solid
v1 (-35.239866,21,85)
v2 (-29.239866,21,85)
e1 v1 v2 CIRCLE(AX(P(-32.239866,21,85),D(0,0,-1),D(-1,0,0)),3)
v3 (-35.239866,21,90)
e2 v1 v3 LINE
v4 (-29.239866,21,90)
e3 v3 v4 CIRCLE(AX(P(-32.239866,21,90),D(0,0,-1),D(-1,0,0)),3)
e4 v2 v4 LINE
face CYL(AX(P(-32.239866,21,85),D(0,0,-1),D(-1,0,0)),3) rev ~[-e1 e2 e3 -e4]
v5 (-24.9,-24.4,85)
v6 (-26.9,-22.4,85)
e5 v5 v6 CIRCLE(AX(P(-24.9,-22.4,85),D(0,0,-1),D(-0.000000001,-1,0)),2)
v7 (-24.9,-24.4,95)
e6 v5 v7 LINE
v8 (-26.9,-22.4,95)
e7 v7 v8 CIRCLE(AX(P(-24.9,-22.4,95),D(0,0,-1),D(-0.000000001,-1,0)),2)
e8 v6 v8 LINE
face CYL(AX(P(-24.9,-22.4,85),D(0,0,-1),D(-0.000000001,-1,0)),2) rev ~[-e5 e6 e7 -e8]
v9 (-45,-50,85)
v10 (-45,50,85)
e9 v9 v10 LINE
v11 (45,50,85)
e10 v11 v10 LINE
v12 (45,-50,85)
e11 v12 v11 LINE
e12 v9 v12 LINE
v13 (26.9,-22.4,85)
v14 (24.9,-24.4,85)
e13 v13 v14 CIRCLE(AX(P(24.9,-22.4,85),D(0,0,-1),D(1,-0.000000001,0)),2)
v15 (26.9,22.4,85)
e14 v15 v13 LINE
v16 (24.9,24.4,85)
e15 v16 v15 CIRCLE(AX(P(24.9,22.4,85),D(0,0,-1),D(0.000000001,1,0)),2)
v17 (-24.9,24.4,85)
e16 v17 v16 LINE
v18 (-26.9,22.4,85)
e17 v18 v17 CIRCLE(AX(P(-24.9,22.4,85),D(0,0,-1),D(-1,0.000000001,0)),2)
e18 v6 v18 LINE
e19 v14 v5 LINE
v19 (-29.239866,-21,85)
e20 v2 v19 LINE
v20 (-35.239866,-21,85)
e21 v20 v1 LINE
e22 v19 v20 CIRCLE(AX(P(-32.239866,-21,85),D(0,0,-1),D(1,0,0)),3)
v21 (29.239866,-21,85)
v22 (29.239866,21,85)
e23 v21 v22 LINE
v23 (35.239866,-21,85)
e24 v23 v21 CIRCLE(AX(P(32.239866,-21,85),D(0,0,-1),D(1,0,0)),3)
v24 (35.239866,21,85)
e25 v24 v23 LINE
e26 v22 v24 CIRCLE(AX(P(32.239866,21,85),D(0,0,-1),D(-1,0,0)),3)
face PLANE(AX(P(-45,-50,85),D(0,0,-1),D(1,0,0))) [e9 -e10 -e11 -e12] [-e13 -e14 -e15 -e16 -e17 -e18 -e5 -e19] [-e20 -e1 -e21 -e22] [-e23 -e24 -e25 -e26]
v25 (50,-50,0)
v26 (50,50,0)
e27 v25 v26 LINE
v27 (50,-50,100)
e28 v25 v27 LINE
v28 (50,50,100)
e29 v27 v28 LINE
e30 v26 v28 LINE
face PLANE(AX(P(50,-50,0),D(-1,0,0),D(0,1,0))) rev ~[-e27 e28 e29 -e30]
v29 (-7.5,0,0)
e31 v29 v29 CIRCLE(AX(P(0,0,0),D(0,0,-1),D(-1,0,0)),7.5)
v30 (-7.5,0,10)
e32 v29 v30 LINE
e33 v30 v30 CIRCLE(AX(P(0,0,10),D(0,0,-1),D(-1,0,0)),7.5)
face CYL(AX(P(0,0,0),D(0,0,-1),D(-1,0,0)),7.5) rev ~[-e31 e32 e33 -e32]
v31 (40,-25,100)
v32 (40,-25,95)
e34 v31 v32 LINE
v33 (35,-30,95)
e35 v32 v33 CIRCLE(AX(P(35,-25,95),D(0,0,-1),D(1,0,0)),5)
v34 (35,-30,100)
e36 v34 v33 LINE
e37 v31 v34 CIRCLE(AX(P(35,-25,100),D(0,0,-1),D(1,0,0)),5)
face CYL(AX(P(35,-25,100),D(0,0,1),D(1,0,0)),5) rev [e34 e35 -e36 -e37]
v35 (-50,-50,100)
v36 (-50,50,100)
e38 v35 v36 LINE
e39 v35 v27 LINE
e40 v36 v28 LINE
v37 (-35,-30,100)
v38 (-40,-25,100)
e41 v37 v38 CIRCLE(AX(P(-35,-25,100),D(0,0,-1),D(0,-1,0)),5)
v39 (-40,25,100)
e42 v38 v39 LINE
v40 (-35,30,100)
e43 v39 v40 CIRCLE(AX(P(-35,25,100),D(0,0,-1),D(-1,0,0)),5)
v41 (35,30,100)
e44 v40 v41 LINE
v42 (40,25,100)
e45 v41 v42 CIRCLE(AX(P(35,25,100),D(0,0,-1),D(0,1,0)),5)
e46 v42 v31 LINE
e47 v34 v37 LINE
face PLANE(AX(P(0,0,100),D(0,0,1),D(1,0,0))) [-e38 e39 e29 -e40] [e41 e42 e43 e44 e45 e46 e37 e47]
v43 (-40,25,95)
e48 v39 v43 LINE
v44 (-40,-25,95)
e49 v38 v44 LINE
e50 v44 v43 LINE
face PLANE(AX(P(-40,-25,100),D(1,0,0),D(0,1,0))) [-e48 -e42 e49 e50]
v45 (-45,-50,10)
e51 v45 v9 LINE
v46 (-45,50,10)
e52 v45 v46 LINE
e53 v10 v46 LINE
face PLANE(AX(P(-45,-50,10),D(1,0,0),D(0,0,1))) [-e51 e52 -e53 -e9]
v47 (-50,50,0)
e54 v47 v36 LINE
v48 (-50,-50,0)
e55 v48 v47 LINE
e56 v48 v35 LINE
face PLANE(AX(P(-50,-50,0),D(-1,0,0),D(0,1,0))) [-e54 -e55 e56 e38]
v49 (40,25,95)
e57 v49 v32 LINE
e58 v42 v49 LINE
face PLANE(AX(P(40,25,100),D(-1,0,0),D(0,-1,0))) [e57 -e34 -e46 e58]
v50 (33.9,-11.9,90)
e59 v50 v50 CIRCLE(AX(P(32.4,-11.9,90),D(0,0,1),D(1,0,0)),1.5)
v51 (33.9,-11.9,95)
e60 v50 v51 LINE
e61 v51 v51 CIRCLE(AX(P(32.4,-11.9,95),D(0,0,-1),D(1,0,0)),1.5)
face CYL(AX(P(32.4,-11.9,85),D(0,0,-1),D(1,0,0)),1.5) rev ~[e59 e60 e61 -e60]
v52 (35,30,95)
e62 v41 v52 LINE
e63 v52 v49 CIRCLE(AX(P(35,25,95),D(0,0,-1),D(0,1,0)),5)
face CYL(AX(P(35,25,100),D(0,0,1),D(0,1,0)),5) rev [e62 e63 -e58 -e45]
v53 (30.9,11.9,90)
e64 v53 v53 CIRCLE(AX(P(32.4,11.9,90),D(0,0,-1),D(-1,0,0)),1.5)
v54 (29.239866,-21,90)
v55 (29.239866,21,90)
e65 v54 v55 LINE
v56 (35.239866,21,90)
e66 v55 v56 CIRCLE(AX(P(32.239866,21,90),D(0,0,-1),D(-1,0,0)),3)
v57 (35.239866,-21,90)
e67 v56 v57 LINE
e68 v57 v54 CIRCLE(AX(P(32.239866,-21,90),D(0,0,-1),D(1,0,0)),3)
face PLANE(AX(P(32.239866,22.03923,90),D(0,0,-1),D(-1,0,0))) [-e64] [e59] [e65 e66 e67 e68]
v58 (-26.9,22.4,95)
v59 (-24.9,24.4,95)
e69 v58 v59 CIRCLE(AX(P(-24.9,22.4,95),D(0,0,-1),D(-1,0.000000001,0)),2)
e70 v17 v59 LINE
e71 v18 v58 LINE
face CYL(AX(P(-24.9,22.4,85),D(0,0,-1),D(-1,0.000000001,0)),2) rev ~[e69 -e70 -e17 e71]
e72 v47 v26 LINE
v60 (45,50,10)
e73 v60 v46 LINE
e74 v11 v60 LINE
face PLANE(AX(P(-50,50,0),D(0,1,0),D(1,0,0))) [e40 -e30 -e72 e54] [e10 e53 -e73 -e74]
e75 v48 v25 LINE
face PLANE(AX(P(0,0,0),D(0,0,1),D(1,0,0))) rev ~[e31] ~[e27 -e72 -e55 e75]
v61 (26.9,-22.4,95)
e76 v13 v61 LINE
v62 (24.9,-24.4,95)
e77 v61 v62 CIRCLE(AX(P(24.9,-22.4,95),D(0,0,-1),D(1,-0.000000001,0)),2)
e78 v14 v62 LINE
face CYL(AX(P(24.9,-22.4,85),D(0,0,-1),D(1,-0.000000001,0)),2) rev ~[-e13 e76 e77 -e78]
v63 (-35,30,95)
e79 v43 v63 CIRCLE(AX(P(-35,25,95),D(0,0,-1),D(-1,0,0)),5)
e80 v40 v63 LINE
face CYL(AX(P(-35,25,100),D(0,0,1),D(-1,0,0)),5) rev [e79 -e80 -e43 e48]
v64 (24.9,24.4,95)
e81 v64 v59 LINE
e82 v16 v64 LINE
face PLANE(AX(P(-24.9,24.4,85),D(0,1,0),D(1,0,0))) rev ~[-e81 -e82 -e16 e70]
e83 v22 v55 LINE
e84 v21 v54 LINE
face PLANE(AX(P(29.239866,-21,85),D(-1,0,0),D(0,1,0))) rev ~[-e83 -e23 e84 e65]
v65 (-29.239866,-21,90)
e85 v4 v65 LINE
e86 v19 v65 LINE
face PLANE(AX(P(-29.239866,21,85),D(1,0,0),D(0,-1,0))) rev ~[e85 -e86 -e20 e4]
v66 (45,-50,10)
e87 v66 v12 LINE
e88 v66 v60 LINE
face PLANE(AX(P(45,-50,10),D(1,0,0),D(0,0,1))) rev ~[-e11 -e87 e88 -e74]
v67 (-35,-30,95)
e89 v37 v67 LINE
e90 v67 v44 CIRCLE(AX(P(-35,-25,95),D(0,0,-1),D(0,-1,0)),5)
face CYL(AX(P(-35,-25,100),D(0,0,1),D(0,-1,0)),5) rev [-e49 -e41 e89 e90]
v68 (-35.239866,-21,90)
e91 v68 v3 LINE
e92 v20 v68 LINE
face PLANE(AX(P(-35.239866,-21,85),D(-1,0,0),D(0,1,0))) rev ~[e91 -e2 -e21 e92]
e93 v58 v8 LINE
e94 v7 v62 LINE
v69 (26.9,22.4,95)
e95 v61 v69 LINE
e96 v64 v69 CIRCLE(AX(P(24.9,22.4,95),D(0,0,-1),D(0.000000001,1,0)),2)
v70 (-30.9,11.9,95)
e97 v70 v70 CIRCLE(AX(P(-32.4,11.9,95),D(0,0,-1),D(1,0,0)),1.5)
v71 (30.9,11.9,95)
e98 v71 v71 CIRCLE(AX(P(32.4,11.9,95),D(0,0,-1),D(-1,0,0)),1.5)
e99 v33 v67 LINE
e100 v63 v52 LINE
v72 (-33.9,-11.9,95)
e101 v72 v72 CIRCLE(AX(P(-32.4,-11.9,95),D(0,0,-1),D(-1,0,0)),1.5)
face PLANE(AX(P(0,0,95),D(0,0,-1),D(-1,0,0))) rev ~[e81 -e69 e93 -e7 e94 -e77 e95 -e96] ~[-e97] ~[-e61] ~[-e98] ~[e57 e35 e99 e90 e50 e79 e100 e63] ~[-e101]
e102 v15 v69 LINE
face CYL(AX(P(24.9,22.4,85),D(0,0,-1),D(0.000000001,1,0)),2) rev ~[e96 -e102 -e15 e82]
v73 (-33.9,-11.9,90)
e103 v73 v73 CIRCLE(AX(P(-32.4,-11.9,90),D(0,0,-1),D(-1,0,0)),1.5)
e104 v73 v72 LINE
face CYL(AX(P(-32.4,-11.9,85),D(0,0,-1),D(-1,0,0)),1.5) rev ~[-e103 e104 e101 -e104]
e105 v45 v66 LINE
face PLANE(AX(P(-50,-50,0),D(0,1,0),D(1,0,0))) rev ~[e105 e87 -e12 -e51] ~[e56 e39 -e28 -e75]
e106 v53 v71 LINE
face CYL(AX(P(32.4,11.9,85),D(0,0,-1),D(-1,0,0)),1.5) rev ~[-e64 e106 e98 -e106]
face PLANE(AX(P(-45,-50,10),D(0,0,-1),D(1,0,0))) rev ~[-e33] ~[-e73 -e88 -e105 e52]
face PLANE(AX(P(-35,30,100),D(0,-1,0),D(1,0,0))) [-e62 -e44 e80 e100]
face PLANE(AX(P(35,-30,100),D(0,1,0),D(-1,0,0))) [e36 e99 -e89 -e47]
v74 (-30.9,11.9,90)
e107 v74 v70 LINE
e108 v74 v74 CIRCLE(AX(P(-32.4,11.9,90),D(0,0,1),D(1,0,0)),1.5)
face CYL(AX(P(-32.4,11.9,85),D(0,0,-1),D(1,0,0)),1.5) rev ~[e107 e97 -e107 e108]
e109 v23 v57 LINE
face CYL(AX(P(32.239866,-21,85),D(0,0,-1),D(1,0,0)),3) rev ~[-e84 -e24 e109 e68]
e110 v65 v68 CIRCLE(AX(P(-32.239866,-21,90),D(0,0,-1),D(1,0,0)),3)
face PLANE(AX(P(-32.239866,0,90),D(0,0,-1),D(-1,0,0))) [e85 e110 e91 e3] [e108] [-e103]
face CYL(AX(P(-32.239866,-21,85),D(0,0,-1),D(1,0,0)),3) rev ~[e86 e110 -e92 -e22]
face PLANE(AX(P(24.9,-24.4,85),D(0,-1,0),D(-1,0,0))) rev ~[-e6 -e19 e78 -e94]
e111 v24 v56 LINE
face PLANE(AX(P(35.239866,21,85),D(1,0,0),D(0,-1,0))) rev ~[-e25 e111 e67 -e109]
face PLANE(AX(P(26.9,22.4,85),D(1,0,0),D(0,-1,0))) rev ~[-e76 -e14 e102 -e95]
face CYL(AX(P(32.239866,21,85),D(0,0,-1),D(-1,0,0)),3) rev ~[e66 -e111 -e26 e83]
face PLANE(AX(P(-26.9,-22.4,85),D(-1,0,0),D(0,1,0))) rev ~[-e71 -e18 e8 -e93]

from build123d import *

# Parameters (mm, degrees)
SKETCH_1_W          = 100
SKETCH_1_H          = 100
EXTRUDE_1_DEPTH     = 100
SKETCH_2_W          = 90
SKETCH_2_H          = 75
CUT_EXTRUDE_1_DEPTH = 151
CUT_EXTRUDE_2_REACH = 124.474
SKETCH_3_R          = 7.5
CUT_EXTRUDE_3_REACH = 112.567
SKETCH_4_R          = 1.5
CUT_EXTRUDE_4_DEPTH = 5
SKETCH_6_R          = 1.5
CUT_EXTRUDE_5_DEPTH = 5


with BuildPart() as part:
    # 草圖1 → 填料-伸長1 (new body)
    with BuildSketch(Plane.XY):
        Rectangle(SKETCH_1_W, SKETCH_1_H)
    extrude(amount=EXTRUDE_1_DEPTH)

    # 草圖2 → 除料-伸長1 (cut, through all)
    with BuildSketch(Plane.XZ.offset(50)):
        with Locations((0, 47.5)):
            Rectangle(SKETCH_2_W, SKETCH_2_H)
    extrude(amount=-CUT_EXTRUDE_1_DEPTH, mode=Mode.SUBTRACT)

    # 草圖3 → 除料-伸長2 (cut, up to next)
    with BuildSketch(Plane(origin=(0, 0, 0), x_dir=(-1, 0, 0), z_dir=(0, 0, -1)), mode=Mode.PRIVATE) as cut_extrude_2_sk1:
        Circle(SKETCH_3_R)
    cut_extrude_2_tool1 = extrude(cut_extrude_2_sk1.sketch, amount=-CUT_EXTRUDE_2_REACH, mode=Mode.PRIVATE) & part.part
    add(cut_extrude_2_tool1.solids().sort_by_distance((0, 0, 0))[0], mode=Mode.SUBTRACT)

    # 草圖4 → 除料-伸長3 (cut, up to next)
    with BuildSketch(Plane(origin=(0, 0, 85), x_dir=(-1, 0, 0), z_dir=(0, 0, -1)), mode=Mode.PRIVATE) as cut_extrude_3_sk1:
        with Locations((-32.4, 11.9)):
            Circle(SKETCH_4_R)
    cut_extrude_3_tool1 = extrude(cut_extrude_3_sk1.sketch, amount=-CUT_EXTRUDE_3_REACH, mode=Mode.PRIVATE) & part.part
    # 草圖4 → 除料-伸長3 (cut, up to next)
    with BuildSketch(Plane(origin=(0, 0, 85), x_dir=(-1, 0, 0), z_dir=(0, 0, -1)), mode=Mode.PRIVATE) as cut_extrude_3_sk2:
        with Locations(Location((32.4, 11.9, 0), (0, 0, 180))):
            Circle(SKETCH_4_R)
    cut_extrude_3_tool2 = extrude(cut_extrude_3_sk2.sketch, amount=-CUT_EXTRUDE_3_REACH, mode=Mode.PRIVATE) & part.part
    # 草圖4 → 除料-伸長3 (cut, up to next)
    with BuildSketch(Plane(origin=(0, 0, 85), x_dir=(-1, 0, 0), z_dir=(0, 0, -1)), mode=Mode.PRIVATE) as cut_extrude_3_sk3:
        with Locations((32.4, -11.9)):
            Circle(SKETCH_4_R)
    cut_extrude_3_tool3 = extrude(cut_extrude_3_sk3.sketch, amount=-CUT_EXTRUDE_3_REACH, mode=Mode.PRIVATE) & part.part
    # 草圖4 → 除料-伸長3 (cut, up to next)
    with BuildSketch(Plane(origin=(0, 0, 85), x_dir=(-1, 0, 0), z_dir=(0, 0, -1)), mode=Mode.PRIVATE) as cut_extrude_3_sk4:
        with Locations(Location((-32.4, -11.9, 0), (0, 0, 180))):
            Circle(SKETCH_4_R)
    cut_extrude_3_tool4 = extrude(cut_extrude_3_sk4.sketch, amount=-CUT_EXTRUDE_3_REACH, mode=Mode.PRIVATE) & part.part
    # 草圖4 → 除料-伸長3 (cut, up to next)
    with BuildSketch(Plane(origin=(0, 0, 85), x_dir=(-1, 0, 0), z_dir=(0, 0, -1)), mode=Mode.PRIVATE) as cut_extrude_3_sk5:
        with BuildLine():
            Line((24.9, 24.4), (-24.9, 24.4))
            ThreePointArc((-24.9, 24.4), (-26.314213562, 23.814213562), (-26.9, 22.4))
            Line((-26.9, 22.4), (-26.9, -22.4))
            ThreePointArc((-26.9, -22.4), (-26.314213562, -23.814213562), (-24.9, -24.4))
            Line((-24.9, -24.4), (24.9, -24.4))
            ThreePointArc((24.9, -24.4), (26.314213562, -23.814213562), (26.9, -22.4))
            Line((26.9, -22.4), (26.9, 22.4))
            ThreePointArc((26.9, 22.4), (26.314213562, 23.814213562), (24.9, 24.4))
        make_face()
    cut_extrude_3_tool5 = extrude(cut_extrude_3_sk5.sketch, amount=-CUT_EXTRUDE_3_REACH, mode=Mode.PRIVATE) & part.part
    add(cut_extrude_3_tool1.solids().sort_by_distance((32.4, 11.9, 85))[0], mode=Mode.SUBTRACT)
    add(cut_extrude_3_tool2.solids().sort_by_distance((-32.4, 11.9, 85))[0], mode=Mode.SUBTRACT)
    add(cut_extrude_3_tool3.solids().sort_by_distance((-32.4, -11.9, 85))[0], mode=Mode.SUBTRACT)
    add(cut_extrude_3_tool4.solids().sort_by_distance((32.4, -11.9, 85))[0], mode=Mode.SUBTRACT)
    add(cut_extrude_3_tool5.solids().sort_by_distance((0, 0, 85))[0], mode=Mode.SUBTRACT)

    # 草圖5 → 除料-伸長4 (cut)
    with BuildSketch(Plane.XY.offset(100)):
        with BuildLine():
            Line((-35, 30), (35, 30))
            ThreePointArc((35, 30), (38.535533906, 28.535533906), (40, 25))
            Line((40, 25), (40, -25))
            ThreePointArc((40, -25), (38.535533906, -28.535533906), (35, -30))
            Line((35, -30), (-35, -30))
            ThreePointArc((-35, -30), (-38.535533906, -28.535533906), (-40, -25))
            Line((-40, -25), (-40, 25))
            ThreePointArc((-40, 25), (-38.535533906, 28.535533906), (-35, 30))
        make_face()
    extrude(amount=-CUT_EXTRUDE_4_DEPTH, mode=Mode.SUBTRACT)

    # 草圖6 → 除料-伸長5 (cut)
    # profile 1 of 18: a face of its own
    with BuildSketch(Plane(origin=(0, 0, 85), x_dir=(-1, 0, 0), z_dir=(0, 0, -1))):
        with BuildLine():
            ThreePointArc((-29.239866432, 21), (-32.239866432, 24), (-35.239866432, 21))
            Line((-35.239866432, 21), (-29.239866432, 21))
        make_face()
    # profile 2 of 18: a face of its own
    with BuildSketch(Plane(origin=(0, 0, 85), x_dir=(-1, 0, 0), z_dir=(0, 0, -1))):
        with BuildLine():
            Line((-29.239866432, 21), (-35.239866432, 21))
            ThreePointArc((-35.239866432, 21), (-32.239866432, 18), (-29.239866432, 21))
        make_face()
    # profile 3 of 18: a face of its own
    with BuildSketch(Plane(origin=(0, 0, 85), x_dir=(-1, 0, 0), z_dir=(0, 0, -1))):
        with BuildLine():
            ThreePointArc((-29.239866432, 21), (-32.239866432, 24), (-35.239866432, 21))
            Line((-35.239866432, 21), (-29.239866432, 21))
        make_face()
    # profile 4 of 18: a face of its own
    with BuildSketch(Plane(origin=(0, 0, 85), x_dir=(-1, 0, 0), z_dir=(0, 0, -1))):
        with BuildLine():
            Line((-29.239866432, 21), (-35.239866432, 21))
            ThreePointArc((-35.239866432, 21), (-32.239866432, 18), (-29.239866432, 21))
        make_face()
    # profile 5 of 18: a face of its own
    with BuildSketch(Plane(origin=(0, 0, 85), x_dir=(-1, 0, 0), z_dir=(0, 0, -1))):
        with BuildLine():
            ThreePointArc((-29.239866432, 21), (-32.239866432, 18), (-35.239866432, 21))
            Line((-35.239866432, 21), (-35.239866432, -21))
            ThreePointArc((-35.239866432, -21), (-32.239866432, -18), (-29.239866432, -21))
            Line((-29.239866432, -21), (-29.239866432, 21))
        make_face()
        with Locations((-32.4, -11.9)):
            Circle(SKETCH_6_R, mode=Mode.SUBTRACT)
        with Locations((-32.4, 11.9)):
            Circle(SKETCH_6_R, mode=Mode.SUBTRACT)
    # profile 6 of 18: a face of its own
    with BuildSketch(Plane(origin=(0, 0, 85), x_dir=(-1, 0, 0), z_dir=(0, 0, -1))):
        with BuildLine():
            ThreePointArc((-29.239866432, -21), (-32.239866432, -18), (-35.239866432, -21))
            Line((-35.239866432, -21), (-29.239866432, -21))
        make_face()
    # profile 7 of 18: a face of its own
    with BuildSketch(Plane(origin=(0, 0, 85), x_dir=(-1, 0, 0), z_dir=(0, 0, -1))):
        with BuildLine():
            Line((-29.239866432, -21), (-35.239866432, -21))
            ThreePointArc((-35.239866432, -21), (-32.239866432, -24), (-29.239866432, -21))
        make_face()
    # profile 8 of 18: a face of its own
    with BuildSketch(Plane(origin=(0, 0, 85), x_dir=(-1, 0, 0), z_dir=(0, 0, -1))):
        with BuildLine():
            ThreePointArc((-29.239866432, -21), (-32.239866432, -18), (-35.239866432, -21))
            Line((-35.239866432, -21), (-29.239866432, -21))
        make_face()
    # profile 9 of 18: a face of its own
    with BuildSketch(Plane(origin=(0, 0, 85), x_dir=(-1, 0, 0), z_dir=(0, 0, -1))):
        with BuildLine():
            Line((-29.239866432, -21), (-35.239866432, -21))
            ThreePointArc((-35.239866432, -21), (-32.239866432, -24), (-29.239866432, -21))
        make_face()
    # profile 10 of 18: a face of its own
    with BuildSketch(Plane(origin=(0, 0, 85), x_dir=(-1, 0, 0), z_dir=(0, 0, -1))):
        with BuildLine():
            ThreePointArc((29.239866432, 21), (32.239866432, 18), (35.239866432, 21))
            Line((35.239866432, 21), (29.239866432, 21))
        make_face()
    # profile 11 of 18: a face of its own
    with BuildSketch(Plane(origin=(0, 0, 85), x_dir=(-1, 0, 0), z_dir=(0, 0, -1))):
        with BuildLine():
            Line((29.239866432, 21), (35.239866432, 21))
            ThreePointArc((35.239866432, 21), (32.239866432, 24), (29.239866432, 21))
        make_face()
    # profile 12 of 18: a face of its own
    with BuildSketch(Plane(origin=(0, 0, 85), x_dir=(-1, 0, 0), z_dir=(0, 0, -1))):
        with BuildLine():
            ThreePointArc((29.239866432, 21), (32.239866432, 18), (35.239866432, 21))
            Line((35.239866432, 21), (29.239866432, 21))
        make_face()
    # profile 13 of 18: a face of its own
    with BuildSketch(Plane(origin=(0, 0, 85), x_dir=(-1, 0, 0), z_dir=(0, 0, -1))):
        with BuildLine():
            Line((29.239866432, 21), (35.239866432, 21))
            ThreePointArc((35.239866432, 21), (32.239866432, 24), (29.239866432, 21))
        make_face()
    # profile 14 of 18: a face of its own
    with BuildSketch(Plane(origin=(0, 0, 85), x_dir=(-1, 0, 0), z_dir=(0, 0, -1))):
        with BuildLine():
            ThreePointArc((29.239866432, -21), (32.239866432, -18), (35.239866432, -21))
            Line((35.239866432, -21), (35.239866432, 21))
            ThreePointArc((35.239866432, 21), (32.239866432, 18), (29.239866432, 21))
            Line((29.239866432, 21), (29.239866432, -21))
        make_face()
        with Locations((32.4, -11.9)):
            Circle(SKETCH_6_R, mode=Mode.SUBTRACT)
        with Locations((32.4, 11.9)):
            Circle(SKETCH_6_R, mode=Mode.SUBTRACT)
    # profile 15 of 18: a face of its own
    with BuildSketch(Plane(origin=(0, 0, 85), x_dir=(-1, 0, 0), z_dir=(0, 0, -1))):
        with BuildLine():
            ThreePointArc((29.239866432, -21), (32.239866432, -24), (35.239866432, -21))
            Line((35.239866432, -21), (29.239866432, -21))
        make_face()
    # profile 16 of 18: a face of its own
    with BuildSketch(Plane(origin=(0, 0, 85), x_dir=(-1, 0, 0), z_dir=(0, 0, -1))):
        with BuildLine():
            Line((29.239866432, -21), (35.239866432, -21))
            ThreePointArc((35.239866432, -21), (32.239866432, -18), (29.239866432, -21))
        make_face()
    # profile 17 of 18: a face of its own
    with BuildSketch(Plane(origin=(0, 0, 85), x_dir=(-1, 0, 0), z_dir=(0, 0, -1))):
        with BuildLine():
            ThreePointArc((29.239866432, -21), (32.239866432, -24), (35.239866432, -21))
            Line((35.239866432, -21), (29.239866432, -21))
        make_face()
    # profile 18 of 18: a face of its own
    with BuildSketch(Plane(origin=(0, 0, 85), x_dir=(-1, 0, 0), z_dir=(0, 0, -1))):
        with BuildLine():
            Line((29.239866432, -21), (35.239866432, -21))
            ThreePointArc((35.239866432, -21), (32.239866432, -18), (29.239866432, -21))
        make_face()
    extrude(amount=-CUT_EXTRUDE_5_DEPTH, mode=Mode.SUBTRACT)


solid = part.part
